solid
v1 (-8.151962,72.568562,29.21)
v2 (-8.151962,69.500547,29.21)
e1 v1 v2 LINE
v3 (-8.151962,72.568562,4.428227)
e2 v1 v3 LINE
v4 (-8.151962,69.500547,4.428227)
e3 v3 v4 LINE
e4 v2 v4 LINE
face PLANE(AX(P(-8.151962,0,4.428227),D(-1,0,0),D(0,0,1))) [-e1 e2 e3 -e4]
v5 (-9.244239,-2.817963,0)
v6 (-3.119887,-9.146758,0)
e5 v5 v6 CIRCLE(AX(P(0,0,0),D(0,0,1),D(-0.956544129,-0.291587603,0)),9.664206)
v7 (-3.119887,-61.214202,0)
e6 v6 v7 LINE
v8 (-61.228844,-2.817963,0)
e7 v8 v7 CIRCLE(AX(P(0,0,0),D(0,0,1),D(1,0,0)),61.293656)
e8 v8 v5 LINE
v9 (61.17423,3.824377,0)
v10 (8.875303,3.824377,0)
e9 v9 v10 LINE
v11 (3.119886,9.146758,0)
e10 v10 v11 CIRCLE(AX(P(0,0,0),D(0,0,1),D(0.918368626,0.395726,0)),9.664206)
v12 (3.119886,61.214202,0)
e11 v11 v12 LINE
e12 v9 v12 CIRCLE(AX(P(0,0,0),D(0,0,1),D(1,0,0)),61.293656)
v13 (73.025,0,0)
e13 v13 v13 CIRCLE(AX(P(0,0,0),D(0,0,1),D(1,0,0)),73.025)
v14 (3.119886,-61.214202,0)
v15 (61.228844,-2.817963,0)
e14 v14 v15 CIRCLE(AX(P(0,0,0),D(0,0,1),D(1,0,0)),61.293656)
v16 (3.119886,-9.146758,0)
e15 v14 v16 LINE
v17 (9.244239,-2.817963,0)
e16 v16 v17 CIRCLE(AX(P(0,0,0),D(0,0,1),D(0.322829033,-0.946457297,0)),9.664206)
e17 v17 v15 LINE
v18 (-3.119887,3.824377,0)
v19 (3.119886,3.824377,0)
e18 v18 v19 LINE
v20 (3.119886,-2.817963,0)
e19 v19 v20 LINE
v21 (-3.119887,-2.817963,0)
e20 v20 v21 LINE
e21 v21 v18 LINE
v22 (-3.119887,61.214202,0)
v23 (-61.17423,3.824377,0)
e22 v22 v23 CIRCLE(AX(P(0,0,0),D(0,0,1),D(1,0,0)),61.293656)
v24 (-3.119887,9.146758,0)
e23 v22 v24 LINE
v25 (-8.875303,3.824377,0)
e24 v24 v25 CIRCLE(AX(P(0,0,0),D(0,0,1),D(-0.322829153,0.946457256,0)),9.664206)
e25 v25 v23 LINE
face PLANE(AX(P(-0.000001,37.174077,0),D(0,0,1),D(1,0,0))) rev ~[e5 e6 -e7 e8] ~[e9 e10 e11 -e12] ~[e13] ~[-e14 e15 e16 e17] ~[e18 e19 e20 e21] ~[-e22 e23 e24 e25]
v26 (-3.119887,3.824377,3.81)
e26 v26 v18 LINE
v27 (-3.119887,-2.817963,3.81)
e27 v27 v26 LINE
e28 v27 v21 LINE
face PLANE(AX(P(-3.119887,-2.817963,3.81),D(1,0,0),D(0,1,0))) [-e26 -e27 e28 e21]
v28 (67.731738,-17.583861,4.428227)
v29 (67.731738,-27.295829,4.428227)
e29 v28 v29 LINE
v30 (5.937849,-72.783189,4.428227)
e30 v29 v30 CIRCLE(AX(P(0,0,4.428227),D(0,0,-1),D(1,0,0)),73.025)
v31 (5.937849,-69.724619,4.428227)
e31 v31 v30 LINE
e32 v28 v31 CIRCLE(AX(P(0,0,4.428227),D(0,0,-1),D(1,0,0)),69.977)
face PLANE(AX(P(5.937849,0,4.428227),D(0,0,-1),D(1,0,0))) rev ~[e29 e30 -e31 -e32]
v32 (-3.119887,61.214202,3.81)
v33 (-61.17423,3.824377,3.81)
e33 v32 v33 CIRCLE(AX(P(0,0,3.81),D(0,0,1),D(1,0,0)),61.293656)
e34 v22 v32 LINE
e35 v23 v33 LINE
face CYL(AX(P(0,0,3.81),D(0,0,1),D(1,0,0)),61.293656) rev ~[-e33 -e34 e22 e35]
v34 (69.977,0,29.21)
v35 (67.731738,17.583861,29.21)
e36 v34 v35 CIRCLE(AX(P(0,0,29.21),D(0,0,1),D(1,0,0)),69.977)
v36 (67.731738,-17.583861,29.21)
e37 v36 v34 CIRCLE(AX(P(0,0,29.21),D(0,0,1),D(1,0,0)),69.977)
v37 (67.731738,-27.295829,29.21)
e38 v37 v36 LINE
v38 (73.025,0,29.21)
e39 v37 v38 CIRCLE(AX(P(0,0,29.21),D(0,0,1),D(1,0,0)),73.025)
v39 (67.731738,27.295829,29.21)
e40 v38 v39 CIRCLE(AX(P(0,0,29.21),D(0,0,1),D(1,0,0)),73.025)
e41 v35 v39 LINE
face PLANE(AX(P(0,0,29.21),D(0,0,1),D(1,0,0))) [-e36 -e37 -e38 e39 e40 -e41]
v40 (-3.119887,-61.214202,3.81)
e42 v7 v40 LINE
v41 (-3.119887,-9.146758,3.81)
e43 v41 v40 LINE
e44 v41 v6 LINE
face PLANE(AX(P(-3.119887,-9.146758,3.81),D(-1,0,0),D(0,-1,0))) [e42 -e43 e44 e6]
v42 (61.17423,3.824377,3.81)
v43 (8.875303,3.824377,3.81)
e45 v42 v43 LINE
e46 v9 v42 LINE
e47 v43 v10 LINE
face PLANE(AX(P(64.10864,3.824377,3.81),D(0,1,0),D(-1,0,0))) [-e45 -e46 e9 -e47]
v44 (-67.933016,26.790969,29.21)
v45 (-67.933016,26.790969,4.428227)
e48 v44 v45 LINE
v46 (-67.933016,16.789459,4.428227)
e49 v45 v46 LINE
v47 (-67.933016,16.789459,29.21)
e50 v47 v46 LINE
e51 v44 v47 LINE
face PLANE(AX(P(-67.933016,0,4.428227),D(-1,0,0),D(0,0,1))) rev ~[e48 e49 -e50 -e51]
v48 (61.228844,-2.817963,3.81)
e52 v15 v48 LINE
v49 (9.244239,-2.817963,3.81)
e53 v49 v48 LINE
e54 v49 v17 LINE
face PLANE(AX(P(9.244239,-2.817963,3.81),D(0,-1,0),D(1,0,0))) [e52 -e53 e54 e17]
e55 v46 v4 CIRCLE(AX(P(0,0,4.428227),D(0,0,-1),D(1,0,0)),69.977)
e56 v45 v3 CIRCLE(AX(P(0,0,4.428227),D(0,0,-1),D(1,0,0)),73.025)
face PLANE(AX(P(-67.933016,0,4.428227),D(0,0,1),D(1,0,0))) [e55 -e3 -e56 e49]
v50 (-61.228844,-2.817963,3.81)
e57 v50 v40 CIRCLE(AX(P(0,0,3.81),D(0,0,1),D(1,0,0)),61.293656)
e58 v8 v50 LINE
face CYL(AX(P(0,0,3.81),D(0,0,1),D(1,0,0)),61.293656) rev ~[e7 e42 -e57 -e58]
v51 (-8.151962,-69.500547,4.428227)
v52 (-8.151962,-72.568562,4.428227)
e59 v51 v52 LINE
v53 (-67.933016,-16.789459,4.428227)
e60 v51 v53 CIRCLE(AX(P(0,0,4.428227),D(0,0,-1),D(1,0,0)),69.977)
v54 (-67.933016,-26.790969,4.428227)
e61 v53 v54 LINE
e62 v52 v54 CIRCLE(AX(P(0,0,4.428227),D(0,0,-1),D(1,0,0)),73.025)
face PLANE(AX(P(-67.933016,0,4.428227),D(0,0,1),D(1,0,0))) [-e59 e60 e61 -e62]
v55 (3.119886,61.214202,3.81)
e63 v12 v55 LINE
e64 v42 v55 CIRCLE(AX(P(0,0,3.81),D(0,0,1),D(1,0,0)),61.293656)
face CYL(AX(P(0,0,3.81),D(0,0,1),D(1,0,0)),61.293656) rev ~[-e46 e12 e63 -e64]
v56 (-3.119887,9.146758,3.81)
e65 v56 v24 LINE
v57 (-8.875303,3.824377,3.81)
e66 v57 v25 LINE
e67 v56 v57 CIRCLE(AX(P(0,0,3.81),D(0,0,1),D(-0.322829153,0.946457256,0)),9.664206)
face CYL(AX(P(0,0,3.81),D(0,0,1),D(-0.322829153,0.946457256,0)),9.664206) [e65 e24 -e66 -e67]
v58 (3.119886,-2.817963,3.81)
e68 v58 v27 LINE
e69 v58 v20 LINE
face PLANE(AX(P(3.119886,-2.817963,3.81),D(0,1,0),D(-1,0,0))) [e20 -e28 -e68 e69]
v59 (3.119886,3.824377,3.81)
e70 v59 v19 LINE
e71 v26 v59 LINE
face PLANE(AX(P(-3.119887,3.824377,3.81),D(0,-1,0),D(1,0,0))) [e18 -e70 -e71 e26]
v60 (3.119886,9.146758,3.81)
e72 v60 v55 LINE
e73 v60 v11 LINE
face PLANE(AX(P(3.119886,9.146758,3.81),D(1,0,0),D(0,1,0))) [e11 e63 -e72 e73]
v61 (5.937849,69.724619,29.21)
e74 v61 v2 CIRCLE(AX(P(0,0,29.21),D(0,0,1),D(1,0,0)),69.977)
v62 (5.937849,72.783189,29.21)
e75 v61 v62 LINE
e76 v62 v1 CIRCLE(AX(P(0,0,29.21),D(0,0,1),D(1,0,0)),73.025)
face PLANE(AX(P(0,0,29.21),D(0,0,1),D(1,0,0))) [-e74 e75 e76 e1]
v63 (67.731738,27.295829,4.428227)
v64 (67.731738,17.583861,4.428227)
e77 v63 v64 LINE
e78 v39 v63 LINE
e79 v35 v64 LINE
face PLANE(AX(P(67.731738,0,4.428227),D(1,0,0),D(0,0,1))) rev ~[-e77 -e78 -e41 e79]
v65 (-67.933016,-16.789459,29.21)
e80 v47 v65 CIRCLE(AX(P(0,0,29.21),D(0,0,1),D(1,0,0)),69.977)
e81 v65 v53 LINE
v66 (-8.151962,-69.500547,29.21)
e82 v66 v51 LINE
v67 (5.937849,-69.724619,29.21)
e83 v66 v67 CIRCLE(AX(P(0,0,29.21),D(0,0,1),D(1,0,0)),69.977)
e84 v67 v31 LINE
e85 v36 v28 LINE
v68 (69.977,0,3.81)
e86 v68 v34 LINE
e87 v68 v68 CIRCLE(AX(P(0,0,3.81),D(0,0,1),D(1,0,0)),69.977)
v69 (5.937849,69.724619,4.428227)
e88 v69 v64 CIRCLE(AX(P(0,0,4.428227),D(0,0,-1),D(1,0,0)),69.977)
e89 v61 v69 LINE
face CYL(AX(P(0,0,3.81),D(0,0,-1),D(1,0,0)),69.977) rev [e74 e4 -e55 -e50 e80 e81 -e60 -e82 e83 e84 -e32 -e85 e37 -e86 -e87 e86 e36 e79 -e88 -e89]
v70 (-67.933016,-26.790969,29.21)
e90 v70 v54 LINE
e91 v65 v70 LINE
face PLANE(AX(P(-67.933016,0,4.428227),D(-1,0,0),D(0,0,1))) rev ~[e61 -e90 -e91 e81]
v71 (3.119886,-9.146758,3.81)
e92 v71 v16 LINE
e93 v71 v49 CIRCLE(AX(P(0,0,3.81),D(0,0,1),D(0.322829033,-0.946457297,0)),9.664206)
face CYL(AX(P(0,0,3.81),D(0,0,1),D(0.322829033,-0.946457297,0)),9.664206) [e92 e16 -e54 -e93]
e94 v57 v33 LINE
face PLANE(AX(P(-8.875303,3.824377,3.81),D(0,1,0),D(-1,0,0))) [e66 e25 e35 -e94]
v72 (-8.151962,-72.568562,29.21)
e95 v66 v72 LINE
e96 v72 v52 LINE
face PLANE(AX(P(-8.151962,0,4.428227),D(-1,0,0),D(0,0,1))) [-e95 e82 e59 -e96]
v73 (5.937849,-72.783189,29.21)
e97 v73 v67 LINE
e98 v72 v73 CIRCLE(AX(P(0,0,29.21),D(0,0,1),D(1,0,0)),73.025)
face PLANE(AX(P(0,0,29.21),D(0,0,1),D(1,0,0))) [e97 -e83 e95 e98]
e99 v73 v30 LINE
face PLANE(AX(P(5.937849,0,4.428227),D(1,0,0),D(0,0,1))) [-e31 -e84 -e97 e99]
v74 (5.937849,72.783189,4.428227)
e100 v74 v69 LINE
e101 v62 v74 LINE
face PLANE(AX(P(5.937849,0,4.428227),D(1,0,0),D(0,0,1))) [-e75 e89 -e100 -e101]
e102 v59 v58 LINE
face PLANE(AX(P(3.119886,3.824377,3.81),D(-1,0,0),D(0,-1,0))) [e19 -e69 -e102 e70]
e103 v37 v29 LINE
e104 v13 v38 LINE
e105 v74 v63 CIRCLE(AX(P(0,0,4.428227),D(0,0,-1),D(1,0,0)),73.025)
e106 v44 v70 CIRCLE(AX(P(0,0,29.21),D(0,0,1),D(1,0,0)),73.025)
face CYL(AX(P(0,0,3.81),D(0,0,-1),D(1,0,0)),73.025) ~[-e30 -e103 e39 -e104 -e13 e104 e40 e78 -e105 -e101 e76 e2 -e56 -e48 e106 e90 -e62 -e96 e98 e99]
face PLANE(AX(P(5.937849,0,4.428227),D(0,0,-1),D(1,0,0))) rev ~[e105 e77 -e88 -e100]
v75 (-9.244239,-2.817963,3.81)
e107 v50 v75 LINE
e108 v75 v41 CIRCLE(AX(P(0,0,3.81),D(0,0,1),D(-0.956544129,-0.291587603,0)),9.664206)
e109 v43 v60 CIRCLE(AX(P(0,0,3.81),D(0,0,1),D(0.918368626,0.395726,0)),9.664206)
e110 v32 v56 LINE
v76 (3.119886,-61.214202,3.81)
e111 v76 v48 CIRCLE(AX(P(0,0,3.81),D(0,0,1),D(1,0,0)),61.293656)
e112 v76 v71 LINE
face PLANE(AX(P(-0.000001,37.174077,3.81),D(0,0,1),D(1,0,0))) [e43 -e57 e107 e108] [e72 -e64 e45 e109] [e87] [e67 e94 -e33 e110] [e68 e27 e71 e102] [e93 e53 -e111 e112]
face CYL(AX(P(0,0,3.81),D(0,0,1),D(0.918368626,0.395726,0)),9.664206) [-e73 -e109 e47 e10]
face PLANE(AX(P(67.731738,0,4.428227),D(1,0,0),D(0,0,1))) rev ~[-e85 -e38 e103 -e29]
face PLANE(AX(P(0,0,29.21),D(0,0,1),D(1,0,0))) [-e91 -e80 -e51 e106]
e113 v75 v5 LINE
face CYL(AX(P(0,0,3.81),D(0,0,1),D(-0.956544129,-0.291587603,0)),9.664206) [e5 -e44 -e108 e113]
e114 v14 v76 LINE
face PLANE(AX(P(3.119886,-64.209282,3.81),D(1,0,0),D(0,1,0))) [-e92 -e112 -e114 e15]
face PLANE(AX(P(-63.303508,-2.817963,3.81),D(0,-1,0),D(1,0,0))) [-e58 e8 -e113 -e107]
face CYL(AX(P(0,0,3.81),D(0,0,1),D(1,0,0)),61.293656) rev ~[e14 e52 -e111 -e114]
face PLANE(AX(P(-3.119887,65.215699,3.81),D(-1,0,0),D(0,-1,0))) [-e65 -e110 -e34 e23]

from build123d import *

# Parameters (mm, degrees)
F0_R     = 73.025
F1_DEPTH = 3.81
F2_R     = 73.025
F2_R_2   = 69.977
F3_DEPTH = 25.4
F4_R     = 61.2936559159
F5_DEPTH = 25.4
F7_DEPTH = 3.81
F8_W     = 59.7810531035
F8_H     = 29.3873213232
F8_W_2   = 61.7938893847
F9_DEPTH = 127


with BuildPart() as f1:
    # F0 (on Top) → F1 (new body)
    with BuildSketch(Plane.XY):
        Circle(F0_R)
    extrude(amount=F1_DEPTH)

    # F2 (on face) → F3 (join)
    with BuildSketch(Plane.XY.offset(3.81)):
        Circle(F2_R)
        Circle(F2_R_2, mode=Mode.SUBTRACT)
    extrude(amount=F3_DEPTH)

    # F4 (on face) → F5 (cut)
    with BuildSketch(Plane.XY.offset(3.81)):
        Circle(F4_R)
    extrude(amount=-F5_DEPTH, mode=Mode.SUBTRACT)

    # F6 (on face) → F7 (join, through all)
    with BuildSketch(Plane.XY.offset(3.81)):
        with BuildLine():
            Line((3.1198861543, 65.2156993747), (-3.1198873185, 65.2156993747))
            Line((-3.1198873185, 65.2156993747), (-3.1198873185, 9.1467575412))
            ThreePointArc((-3.1198873185, 9.1467575412), (-6.15e-07, 9.6642056268), (3.1198861543, 9.1467579383))
            Line((3.1198861543, 9.1467579383), (3.1198861543, 65.2156993747))
        make_face()
        with BuildLine():
            ThreePointArc((3.1198861543, 9.1467579383), (-6.15e-07, 9.6642056268), (-3.1198873185, 9.1467575412))
            Line((-3.1198873185, 9.1467575412), (-3.1198873185, 3.8243774325))
            Line((-3.1198873185, 3.8243774325), (3.1198861543, 3.8243774325))
            Line((3.1198861543, 3.8243774325), (3.1198861543, 9.1467579383))
        make_face()
        with BuildLine():
            Line((-3.1198873185, 3.8243774325), (-3.1198873185, 9.1467575412))
            ThreePointArc((-3.1198873185, 9.1467575412), (-6.5614847143, 7.0953357033), (-8.8753032428, 3.8243774325))
            Line((-8.8753032428, 3.8243774325), (-3.1198873185, 3.8243774325))
        make_face()
        with BuildLine():
            ThreePointArc((8.8753032428, 3.8243774325), (6.5614842628, 7.0953361208), (3.1198861543, 9.1467579383))
            Line((3.1198861543, 9.1467579383), (3.1198861543, 3.8243774325))
            Line((3.1198861543, 3.8243774325), (8.8753032428, 3.8243774325))
        make_face()
        with BuildLine():
            Line((-3.1198873185, -2.8179625515), (-3.1198873185, 3.8243774325))
            Line((-3.1198873185, 3.8243774325), (-8.8753032428, 3.8243774325))
            ThreePointArc((-8.8753032428, 3.8243774325), (-9.6493328393, 0.5359534999), (-9.2442391497, -2.8179625515))
            Line((-9.2442391497, -2.8179625515), (-3.1198873185, -2.8179625515))
        make_face()
        with BuildLine():
            ThreePointArc((-9.2442391497, -2.8179625515), (-9.6493328393, 0.5359534999), (-8.8753032428, 3.8243774325))
            Line((-8.8753032428, 3.8243774325), (-63.3035078645, 3.8243774325))
            Line((-63.3035078645, 3.8243774325), (-63.3035078645, -2.8179625515))
            Line((-63.3035078645, -2.8179625515), (-9.2442391497, -2.8179625515))
        make_face()
        with BuildLine():
            Line((8.8753032428, 3.8243774325), (3.1198861543, 3.8243774325))
            Line((3.1198861543, 3.8243774325), (3.1198861543, -2.8179625515))
            Line((3.1198861543, -2.8179625515), (9.2442391497, -2.8179625515))
            ThreePointArc((9.2442391497, -2.8179625515), (9.5586374134, -1.4245424514), (9.6642056268, 0))
            ThreePointArc((9.6642056268, 0), (9.4649254074, 1.952449085), (8.8753032428, 3.8243774325))
        make_face()
        with BuildLine():
            Line((64.1086399555, 3.8243774325), (8.8753032428, 3.8243774325))
            ThreePointArc((8.8753032428, 3.8243774325), (9.4649254074, 1.952449085), (9.6642056268, 0))
            ThreePointArc((9.6642056268, 0), (9.5586374134, -1.4245424514), (9.2442391497, -2.8179625515))
            Line((9.2442391497, -2.8179625515), (64.1086399555, -2.8179625515))
            Line((64.1086399555, -2.8179625515), (64.1086399555, 3.8243774325))
        make_face()
        with BuildLine():
            Line((3.1198861543, -2.8179625515), (-3.1198873185, -2.8179625515))
            Line((-3.1198873185, -2.8179625515), (-3.1198873185, -9.1467575412))
            ThreePointArc((-3.1198873185, -9.1467575412), (-6.15e-07, -9.6642056268), (3.1198861543, -9.1467579383))
            Line((3.1198861543, -9.1467579383), (3.1198861543, -2.8179625515))
        make_face()
        with BuildLine():
            Line((-3.1198873185, -9.1467575412), (-3.1198873185, -2.8179625515))
            Line((-3.1198873185, -2.8179625515), (-9.2442391497, -2.8179625515))
            ThreePointArc((-9.2442391497, -2.8179625515), (-6.9448770569, -6.7205322008), (-3.1198873185, -9.1467575412))
        make_face()
        with BuildLine():
            Line((9.2442391497, -2.8179625515), (3.1198861543, -2.8179625515))
            Line((3.1198861543, -2.8179625515), (3.1198861543, -9.1467579383))
            ThreePointArc((3.1198861543, -9.1467579383), (6.9448766292, -6.7205326428), (9.2442391497, -2.8179625515))
        make_face()
        with BuildLine():
            ThreePointArc((3.1198861543, -9.1467579383), (-6.15e-07, -9.6642056268), (-3.1198873185, -9.1467575412))
            Line((-3.1198873185, -9.1467575412), (-3.1198873185, -64.2092823982))
            Line((-3.1198873185, -64.2092823982), (3.1198861543, -64.2092823982))
            Line((3.1198861543, -64.2092823982), (3.1198861543, -9.1467579383))
        make_face()
    extrude(amount=-F7_DEPTH)

    # F8 (on Front) → F9 (cut, symmetric)
    with BuildSketch(Plane.XZ):
        with Locations((-38.0424889736, 19.1218871623)):
            Rectangle(F8_W, F8_H)
        with Locations((36.8347933982, 19.1218871623)):
            Rectangle(F8_W_2, F8_H)
    extrude(amount=F9_DEPTH, both=True, mode=Mode.SUBTRACT)


solid = f1.part
